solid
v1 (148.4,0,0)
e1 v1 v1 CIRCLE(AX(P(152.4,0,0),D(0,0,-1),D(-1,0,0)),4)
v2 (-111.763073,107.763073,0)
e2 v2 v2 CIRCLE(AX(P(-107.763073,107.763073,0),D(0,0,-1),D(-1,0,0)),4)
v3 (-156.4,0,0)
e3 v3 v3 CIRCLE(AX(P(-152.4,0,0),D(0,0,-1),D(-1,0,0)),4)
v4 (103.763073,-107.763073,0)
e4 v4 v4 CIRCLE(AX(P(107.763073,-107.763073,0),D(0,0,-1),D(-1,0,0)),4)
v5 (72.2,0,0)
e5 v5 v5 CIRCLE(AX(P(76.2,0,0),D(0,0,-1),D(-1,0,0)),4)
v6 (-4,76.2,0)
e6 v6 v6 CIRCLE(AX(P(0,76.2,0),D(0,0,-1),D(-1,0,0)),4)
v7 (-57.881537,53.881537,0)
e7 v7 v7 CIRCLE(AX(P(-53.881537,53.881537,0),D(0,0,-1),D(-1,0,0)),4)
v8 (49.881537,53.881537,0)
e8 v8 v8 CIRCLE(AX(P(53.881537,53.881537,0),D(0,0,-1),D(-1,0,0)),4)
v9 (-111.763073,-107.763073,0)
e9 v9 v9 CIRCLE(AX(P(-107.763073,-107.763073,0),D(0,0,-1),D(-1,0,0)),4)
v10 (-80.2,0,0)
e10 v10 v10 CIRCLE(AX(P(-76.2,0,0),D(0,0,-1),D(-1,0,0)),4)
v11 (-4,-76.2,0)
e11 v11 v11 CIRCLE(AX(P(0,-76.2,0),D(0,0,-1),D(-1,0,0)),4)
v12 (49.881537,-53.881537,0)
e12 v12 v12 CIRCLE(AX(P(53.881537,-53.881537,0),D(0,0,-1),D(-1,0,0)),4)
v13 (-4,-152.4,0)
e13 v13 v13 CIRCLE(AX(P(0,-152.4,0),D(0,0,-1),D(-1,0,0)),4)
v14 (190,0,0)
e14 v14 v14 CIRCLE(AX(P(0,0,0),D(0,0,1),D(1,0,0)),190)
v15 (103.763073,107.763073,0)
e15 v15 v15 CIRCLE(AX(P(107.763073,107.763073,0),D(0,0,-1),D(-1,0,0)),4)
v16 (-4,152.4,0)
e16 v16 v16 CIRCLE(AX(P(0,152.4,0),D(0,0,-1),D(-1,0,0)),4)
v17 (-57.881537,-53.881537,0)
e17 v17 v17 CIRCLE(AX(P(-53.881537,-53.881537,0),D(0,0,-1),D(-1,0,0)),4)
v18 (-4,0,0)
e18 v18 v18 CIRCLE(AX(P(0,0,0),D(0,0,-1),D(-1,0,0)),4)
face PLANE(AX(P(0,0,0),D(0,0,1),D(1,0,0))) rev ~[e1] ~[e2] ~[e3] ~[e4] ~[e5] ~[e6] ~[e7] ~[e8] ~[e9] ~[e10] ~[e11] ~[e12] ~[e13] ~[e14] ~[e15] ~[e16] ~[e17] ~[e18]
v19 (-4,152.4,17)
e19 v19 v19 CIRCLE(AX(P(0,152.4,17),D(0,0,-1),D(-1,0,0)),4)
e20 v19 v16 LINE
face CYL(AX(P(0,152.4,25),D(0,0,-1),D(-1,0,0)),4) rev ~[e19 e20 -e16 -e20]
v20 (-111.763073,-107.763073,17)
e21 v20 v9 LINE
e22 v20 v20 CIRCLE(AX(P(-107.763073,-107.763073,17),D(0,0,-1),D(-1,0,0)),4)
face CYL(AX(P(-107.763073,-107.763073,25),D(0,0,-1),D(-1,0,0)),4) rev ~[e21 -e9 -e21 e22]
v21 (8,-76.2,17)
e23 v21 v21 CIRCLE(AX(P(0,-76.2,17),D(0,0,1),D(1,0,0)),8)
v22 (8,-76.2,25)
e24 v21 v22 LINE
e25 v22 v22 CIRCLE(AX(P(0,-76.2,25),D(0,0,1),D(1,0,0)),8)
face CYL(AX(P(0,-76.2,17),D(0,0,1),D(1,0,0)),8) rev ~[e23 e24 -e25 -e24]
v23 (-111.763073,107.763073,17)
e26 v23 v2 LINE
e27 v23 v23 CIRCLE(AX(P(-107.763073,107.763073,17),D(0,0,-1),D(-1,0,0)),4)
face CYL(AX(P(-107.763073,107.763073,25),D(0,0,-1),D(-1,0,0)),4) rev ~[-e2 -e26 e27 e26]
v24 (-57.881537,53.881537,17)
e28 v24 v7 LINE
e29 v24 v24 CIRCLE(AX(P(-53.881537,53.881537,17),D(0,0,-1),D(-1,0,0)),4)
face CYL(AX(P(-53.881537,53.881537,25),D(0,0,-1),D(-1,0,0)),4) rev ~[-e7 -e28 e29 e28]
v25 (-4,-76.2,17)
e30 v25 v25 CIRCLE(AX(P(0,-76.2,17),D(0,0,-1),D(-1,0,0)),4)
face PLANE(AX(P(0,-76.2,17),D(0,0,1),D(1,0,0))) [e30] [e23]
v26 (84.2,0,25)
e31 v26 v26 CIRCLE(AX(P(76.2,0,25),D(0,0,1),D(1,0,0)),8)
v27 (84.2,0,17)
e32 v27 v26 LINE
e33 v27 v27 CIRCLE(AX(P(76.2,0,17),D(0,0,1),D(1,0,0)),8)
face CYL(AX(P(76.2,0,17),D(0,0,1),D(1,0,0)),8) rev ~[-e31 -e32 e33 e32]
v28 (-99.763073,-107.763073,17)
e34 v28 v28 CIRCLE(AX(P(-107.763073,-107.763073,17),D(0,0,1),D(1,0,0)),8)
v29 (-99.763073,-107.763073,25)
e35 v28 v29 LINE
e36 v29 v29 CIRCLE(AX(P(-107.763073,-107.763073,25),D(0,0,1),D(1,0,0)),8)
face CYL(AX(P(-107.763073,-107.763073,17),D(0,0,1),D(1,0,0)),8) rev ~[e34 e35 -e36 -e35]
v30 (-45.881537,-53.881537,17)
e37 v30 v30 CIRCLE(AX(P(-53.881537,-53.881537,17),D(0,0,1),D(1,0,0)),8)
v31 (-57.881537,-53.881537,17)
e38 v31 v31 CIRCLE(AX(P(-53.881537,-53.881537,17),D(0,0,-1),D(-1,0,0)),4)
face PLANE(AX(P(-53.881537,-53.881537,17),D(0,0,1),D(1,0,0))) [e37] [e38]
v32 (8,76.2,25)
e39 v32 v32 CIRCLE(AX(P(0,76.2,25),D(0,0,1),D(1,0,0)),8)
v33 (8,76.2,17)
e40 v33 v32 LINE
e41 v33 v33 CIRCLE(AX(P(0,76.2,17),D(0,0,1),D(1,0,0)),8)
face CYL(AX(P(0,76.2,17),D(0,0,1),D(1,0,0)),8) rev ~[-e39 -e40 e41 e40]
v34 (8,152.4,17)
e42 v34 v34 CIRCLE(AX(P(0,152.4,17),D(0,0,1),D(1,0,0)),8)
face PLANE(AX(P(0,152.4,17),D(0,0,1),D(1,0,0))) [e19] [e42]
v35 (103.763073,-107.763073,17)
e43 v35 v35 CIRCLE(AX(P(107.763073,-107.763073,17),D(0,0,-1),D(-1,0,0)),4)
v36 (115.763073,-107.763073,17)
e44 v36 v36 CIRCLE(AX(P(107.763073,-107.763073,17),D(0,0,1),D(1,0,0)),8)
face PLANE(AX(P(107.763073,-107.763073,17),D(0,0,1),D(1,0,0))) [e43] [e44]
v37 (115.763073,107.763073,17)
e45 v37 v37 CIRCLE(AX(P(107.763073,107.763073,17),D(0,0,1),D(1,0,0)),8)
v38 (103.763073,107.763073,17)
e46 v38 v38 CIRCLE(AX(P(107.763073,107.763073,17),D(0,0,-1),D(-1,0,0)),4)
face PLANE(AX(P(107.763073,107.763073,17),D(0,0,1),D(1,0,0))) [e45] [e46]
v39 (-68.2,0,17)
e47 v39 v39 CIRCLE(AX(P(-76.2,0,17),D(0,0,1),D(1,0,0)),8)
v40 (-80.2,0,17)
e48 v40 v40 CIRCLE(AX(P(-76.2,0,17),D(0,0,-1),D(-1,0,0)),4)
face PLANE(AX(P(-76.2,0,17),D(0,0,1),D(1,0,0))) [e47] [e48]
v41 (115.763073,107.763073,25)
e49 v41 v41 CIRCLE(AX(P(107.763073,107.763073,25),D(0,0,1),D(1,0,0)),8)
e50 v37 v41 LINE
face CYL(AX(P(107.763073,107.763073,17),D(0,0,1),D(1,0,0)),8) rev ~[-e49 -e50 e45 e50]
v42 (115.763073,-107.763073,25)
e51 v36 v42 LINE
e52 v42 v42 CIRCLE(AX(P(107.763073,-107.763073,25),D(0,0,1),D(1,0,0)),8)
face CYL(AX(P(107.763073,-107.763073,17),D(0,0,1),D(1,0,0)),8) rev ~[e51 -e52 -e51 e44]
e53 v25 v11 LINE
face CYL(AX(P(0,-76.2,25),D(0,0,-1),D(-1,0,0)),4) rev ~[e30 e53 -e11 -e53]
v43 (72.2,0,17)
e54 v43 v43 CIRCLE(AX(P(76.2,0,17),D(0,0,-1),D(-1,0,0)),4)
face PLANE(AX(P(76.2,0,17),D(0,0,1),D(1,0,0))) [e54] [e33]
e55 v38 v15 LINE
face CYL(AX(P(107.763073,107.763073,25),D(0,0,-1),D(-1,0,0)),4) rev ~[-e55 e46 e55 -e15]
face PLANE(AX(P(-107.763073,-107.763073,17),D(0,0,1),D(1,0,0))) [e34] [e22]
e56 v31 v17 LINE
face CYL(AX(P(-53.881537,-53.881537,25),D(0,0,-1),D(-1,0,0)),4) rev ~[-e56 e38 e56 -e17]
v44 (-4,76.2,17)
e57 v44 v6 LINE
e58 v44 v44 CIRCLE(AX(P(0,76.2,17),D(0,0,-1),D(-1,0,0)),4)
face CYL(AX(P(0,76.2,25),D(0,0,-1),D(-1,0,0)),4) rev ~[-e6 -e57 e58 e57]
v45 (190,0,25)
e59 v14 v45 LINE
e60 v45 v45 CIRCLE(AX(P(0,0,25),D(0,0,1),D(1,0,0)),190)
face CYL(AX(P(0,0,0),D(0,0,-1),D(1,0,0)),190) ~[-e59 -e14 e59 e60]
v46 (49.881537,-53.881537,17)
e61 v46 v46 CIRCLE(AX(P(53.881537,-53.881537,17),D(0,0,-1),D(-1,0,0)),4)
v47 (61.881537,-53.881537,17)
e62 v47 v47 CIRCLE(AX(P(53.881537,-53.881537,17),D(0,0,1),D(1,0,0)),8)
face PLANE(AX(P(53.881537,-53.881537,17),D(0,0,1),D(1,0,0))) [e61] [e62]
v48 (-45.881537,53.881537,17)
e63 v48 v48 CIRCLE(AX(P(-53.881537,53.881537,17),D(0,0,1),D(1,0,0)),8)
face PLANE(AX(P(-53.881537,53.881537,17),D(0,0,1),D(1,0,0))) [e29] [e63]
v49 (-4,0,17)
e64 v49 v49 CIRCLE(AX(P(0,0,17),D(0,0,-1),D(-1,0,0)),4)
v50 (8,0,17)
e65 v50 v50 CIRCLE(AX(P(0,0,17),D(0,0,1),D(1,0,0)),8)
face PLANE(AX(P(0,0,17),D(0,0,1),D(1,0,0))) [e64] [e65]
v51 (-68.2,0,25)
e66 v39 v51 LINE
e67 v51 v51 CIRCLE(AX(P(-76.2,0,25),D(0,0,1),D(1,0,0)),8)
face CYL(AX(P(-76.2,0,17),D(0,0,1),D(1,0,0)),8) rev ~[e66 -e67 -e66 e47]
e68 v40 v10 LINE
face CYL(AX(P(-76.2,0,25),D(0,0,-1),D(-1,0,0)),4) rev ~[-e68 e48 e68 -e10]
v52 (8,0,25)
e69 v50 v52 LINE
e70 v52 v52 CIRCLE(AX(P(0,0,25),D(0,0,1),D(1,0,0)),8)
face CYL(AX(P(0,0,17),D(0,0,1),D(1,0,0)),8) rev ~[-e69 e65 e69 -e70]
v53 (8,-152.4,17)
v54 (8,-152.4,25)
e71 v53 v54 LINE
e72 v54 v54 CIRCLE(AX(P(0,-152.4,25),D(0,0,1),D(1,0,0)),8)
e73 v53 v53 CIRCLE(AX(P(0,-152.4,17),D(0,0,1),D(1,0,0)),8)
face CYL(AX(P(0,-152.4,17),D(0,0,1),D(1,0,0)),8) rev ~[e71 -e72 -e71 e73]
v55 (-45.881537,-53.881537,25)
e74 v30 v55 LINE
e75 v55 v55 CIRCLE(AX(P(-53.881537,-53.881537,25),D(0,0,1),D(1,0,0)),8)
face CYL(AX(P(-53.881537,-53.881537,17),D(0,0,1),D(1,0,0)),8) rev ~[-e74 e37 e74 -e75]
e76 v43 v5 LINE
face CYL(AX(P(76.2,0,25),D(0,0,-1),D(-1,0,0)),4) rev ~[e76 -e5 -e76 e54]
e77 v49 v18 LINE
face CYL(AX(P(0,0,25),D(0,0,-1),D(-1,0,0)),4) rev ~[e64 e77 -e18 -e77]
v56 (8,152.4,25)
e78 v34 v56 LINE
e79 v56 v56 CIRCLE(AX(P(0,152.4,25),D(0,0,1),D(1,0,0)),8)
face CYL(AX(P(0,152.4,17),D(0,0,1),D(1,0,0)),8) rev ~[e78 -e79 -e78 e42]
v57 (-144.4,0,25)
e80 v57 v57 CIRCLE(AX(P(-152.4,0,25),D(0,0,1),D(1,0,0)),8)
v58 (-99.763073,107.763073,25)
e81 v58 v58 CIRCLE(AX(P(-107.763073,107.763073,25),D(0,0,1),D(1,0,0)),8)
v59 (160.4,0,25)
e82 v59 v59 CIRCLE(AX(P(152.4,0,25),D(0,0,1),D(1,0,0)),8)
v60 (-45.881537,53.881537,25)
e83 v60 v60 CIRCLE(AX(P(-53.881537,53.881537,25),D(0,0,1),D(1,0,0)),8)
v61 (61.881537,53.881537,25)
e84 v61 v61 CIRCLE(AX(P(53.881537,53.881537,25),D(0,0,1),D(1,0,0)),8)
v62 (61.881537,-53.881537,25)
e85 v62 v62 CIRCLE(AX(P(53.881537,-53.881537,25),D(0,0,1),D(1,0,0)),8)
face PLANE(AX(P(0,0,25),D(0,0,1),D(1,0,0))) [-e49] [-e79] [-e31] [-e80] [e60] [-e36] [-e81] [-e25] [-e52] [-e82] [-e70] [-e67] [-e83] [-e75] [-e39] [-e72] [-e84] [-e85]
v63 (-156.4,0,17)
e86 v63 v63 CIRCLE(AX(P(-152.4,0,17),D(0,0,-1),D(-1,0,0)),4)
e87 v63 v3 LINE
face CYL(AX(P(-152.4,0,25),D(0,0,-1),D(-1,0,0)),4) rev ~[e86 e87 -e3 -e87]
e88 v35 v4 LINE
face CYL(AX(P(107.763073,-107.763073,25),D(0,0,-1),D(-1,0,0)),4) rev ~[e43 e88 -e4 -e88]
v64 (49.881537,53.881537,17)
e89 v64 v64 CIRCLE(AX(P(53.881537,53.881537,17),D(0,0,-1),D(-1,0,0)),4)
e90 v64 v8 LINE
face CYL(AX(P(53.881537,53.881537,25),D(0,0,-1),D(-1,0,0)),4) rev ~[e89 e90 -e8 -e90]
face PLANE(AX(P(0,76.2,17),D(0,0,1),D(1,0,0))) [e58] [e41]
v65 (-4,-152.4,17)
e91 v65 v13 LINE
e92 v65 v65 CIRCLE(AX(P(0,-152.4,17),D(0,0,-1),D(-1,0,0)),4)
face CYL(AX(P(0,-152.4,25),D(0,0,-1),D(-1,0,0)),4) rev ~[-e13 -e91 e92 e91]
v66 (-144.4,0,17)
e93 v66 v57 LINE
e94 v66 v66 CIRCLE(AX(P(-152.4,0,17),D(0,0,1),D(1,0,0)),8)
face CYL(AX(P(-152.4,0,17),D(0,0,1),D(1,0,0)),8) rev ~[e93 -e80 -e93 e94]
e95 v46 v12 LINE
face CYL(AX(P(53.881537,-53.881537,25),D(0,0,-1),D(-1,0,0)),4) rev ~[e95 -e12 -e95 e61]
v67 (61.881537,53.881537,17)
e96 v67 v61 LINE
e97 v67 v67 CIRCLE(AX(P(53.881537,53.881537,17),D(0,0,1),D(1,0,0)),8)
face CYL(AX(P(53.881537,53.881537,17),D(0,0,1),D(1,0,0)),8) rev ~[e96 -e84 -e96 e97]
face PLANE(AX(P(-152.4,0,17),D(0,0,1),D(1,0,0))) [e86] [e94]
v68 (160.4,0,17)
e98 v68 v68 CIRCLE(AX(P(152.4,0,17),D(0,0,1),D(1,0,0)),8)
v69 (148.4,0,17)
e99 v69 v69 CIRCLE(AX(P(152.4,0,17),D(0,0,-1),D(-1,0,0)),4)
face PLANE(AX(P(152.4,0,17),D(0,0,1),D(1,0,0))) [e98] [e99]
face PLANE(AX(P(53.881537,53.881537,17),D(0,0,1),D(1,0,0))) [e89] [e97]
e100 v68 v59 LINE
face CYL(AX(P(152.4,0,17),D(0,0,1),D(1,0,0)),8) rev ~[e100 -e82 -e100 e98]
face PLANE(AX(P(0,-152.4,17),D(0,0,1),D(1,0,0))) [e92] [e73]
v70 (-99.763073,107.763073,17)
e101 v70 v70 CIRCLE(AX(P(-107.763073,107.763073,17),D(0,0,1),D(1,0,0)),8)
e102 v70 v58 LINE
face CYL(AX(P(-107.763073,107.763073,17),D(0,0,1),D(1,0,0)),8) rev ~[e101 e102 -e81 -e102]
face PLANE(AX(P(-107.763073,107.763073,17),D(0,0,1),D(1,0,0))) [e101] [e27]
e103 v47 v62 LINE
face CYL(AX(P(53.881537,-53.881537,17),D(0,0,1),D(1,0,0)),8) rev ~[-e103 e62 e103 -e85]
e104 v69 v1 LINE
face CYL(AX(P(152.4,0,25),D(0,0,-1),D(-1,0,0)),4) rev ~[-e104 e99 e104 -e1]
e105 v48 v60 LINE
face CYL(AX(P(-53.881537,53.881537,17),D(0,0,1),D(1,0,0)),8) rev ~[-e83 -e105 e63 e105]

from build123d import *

# Parameters (mm, degrees)
F0_R           = 190
F1_DEPTH       = 25
F3_D           = 8
F3_CBORE_D     = 16
F3_CBORE_DEPTH = 8


with BuildPart() as f1:
    # F0 (on Top) → F1 (new body)
    with BuildSketch(Plane.XY):
        Circle(F0_R)
    extrude(amount=F1_DEPTH)

    # F3 (through all)
    with Locations(Plane.XY.offset(25)):
        with Locations((-152.4, 0), (-76.2, 0), (0, 0), (76.2, 0), (152.4, 0), (53.881537, -53.881537), (107.763073, -107.763073), (0, -152.4), (0, -76.2), (-53.881537, -53.881537), (-107.763073, -107.763073), (-53.881537, 53.881537), (53.881537, 53.881537), (0, 76.2), (107.763073, 107.763073), (0, 152.4), (-107.763073, 107.763073)):
            CounterBoreHole(F3_D / 2, F3_CBORE_D / 2, F3_CBORE_DEPTH)


solid = f1.part
